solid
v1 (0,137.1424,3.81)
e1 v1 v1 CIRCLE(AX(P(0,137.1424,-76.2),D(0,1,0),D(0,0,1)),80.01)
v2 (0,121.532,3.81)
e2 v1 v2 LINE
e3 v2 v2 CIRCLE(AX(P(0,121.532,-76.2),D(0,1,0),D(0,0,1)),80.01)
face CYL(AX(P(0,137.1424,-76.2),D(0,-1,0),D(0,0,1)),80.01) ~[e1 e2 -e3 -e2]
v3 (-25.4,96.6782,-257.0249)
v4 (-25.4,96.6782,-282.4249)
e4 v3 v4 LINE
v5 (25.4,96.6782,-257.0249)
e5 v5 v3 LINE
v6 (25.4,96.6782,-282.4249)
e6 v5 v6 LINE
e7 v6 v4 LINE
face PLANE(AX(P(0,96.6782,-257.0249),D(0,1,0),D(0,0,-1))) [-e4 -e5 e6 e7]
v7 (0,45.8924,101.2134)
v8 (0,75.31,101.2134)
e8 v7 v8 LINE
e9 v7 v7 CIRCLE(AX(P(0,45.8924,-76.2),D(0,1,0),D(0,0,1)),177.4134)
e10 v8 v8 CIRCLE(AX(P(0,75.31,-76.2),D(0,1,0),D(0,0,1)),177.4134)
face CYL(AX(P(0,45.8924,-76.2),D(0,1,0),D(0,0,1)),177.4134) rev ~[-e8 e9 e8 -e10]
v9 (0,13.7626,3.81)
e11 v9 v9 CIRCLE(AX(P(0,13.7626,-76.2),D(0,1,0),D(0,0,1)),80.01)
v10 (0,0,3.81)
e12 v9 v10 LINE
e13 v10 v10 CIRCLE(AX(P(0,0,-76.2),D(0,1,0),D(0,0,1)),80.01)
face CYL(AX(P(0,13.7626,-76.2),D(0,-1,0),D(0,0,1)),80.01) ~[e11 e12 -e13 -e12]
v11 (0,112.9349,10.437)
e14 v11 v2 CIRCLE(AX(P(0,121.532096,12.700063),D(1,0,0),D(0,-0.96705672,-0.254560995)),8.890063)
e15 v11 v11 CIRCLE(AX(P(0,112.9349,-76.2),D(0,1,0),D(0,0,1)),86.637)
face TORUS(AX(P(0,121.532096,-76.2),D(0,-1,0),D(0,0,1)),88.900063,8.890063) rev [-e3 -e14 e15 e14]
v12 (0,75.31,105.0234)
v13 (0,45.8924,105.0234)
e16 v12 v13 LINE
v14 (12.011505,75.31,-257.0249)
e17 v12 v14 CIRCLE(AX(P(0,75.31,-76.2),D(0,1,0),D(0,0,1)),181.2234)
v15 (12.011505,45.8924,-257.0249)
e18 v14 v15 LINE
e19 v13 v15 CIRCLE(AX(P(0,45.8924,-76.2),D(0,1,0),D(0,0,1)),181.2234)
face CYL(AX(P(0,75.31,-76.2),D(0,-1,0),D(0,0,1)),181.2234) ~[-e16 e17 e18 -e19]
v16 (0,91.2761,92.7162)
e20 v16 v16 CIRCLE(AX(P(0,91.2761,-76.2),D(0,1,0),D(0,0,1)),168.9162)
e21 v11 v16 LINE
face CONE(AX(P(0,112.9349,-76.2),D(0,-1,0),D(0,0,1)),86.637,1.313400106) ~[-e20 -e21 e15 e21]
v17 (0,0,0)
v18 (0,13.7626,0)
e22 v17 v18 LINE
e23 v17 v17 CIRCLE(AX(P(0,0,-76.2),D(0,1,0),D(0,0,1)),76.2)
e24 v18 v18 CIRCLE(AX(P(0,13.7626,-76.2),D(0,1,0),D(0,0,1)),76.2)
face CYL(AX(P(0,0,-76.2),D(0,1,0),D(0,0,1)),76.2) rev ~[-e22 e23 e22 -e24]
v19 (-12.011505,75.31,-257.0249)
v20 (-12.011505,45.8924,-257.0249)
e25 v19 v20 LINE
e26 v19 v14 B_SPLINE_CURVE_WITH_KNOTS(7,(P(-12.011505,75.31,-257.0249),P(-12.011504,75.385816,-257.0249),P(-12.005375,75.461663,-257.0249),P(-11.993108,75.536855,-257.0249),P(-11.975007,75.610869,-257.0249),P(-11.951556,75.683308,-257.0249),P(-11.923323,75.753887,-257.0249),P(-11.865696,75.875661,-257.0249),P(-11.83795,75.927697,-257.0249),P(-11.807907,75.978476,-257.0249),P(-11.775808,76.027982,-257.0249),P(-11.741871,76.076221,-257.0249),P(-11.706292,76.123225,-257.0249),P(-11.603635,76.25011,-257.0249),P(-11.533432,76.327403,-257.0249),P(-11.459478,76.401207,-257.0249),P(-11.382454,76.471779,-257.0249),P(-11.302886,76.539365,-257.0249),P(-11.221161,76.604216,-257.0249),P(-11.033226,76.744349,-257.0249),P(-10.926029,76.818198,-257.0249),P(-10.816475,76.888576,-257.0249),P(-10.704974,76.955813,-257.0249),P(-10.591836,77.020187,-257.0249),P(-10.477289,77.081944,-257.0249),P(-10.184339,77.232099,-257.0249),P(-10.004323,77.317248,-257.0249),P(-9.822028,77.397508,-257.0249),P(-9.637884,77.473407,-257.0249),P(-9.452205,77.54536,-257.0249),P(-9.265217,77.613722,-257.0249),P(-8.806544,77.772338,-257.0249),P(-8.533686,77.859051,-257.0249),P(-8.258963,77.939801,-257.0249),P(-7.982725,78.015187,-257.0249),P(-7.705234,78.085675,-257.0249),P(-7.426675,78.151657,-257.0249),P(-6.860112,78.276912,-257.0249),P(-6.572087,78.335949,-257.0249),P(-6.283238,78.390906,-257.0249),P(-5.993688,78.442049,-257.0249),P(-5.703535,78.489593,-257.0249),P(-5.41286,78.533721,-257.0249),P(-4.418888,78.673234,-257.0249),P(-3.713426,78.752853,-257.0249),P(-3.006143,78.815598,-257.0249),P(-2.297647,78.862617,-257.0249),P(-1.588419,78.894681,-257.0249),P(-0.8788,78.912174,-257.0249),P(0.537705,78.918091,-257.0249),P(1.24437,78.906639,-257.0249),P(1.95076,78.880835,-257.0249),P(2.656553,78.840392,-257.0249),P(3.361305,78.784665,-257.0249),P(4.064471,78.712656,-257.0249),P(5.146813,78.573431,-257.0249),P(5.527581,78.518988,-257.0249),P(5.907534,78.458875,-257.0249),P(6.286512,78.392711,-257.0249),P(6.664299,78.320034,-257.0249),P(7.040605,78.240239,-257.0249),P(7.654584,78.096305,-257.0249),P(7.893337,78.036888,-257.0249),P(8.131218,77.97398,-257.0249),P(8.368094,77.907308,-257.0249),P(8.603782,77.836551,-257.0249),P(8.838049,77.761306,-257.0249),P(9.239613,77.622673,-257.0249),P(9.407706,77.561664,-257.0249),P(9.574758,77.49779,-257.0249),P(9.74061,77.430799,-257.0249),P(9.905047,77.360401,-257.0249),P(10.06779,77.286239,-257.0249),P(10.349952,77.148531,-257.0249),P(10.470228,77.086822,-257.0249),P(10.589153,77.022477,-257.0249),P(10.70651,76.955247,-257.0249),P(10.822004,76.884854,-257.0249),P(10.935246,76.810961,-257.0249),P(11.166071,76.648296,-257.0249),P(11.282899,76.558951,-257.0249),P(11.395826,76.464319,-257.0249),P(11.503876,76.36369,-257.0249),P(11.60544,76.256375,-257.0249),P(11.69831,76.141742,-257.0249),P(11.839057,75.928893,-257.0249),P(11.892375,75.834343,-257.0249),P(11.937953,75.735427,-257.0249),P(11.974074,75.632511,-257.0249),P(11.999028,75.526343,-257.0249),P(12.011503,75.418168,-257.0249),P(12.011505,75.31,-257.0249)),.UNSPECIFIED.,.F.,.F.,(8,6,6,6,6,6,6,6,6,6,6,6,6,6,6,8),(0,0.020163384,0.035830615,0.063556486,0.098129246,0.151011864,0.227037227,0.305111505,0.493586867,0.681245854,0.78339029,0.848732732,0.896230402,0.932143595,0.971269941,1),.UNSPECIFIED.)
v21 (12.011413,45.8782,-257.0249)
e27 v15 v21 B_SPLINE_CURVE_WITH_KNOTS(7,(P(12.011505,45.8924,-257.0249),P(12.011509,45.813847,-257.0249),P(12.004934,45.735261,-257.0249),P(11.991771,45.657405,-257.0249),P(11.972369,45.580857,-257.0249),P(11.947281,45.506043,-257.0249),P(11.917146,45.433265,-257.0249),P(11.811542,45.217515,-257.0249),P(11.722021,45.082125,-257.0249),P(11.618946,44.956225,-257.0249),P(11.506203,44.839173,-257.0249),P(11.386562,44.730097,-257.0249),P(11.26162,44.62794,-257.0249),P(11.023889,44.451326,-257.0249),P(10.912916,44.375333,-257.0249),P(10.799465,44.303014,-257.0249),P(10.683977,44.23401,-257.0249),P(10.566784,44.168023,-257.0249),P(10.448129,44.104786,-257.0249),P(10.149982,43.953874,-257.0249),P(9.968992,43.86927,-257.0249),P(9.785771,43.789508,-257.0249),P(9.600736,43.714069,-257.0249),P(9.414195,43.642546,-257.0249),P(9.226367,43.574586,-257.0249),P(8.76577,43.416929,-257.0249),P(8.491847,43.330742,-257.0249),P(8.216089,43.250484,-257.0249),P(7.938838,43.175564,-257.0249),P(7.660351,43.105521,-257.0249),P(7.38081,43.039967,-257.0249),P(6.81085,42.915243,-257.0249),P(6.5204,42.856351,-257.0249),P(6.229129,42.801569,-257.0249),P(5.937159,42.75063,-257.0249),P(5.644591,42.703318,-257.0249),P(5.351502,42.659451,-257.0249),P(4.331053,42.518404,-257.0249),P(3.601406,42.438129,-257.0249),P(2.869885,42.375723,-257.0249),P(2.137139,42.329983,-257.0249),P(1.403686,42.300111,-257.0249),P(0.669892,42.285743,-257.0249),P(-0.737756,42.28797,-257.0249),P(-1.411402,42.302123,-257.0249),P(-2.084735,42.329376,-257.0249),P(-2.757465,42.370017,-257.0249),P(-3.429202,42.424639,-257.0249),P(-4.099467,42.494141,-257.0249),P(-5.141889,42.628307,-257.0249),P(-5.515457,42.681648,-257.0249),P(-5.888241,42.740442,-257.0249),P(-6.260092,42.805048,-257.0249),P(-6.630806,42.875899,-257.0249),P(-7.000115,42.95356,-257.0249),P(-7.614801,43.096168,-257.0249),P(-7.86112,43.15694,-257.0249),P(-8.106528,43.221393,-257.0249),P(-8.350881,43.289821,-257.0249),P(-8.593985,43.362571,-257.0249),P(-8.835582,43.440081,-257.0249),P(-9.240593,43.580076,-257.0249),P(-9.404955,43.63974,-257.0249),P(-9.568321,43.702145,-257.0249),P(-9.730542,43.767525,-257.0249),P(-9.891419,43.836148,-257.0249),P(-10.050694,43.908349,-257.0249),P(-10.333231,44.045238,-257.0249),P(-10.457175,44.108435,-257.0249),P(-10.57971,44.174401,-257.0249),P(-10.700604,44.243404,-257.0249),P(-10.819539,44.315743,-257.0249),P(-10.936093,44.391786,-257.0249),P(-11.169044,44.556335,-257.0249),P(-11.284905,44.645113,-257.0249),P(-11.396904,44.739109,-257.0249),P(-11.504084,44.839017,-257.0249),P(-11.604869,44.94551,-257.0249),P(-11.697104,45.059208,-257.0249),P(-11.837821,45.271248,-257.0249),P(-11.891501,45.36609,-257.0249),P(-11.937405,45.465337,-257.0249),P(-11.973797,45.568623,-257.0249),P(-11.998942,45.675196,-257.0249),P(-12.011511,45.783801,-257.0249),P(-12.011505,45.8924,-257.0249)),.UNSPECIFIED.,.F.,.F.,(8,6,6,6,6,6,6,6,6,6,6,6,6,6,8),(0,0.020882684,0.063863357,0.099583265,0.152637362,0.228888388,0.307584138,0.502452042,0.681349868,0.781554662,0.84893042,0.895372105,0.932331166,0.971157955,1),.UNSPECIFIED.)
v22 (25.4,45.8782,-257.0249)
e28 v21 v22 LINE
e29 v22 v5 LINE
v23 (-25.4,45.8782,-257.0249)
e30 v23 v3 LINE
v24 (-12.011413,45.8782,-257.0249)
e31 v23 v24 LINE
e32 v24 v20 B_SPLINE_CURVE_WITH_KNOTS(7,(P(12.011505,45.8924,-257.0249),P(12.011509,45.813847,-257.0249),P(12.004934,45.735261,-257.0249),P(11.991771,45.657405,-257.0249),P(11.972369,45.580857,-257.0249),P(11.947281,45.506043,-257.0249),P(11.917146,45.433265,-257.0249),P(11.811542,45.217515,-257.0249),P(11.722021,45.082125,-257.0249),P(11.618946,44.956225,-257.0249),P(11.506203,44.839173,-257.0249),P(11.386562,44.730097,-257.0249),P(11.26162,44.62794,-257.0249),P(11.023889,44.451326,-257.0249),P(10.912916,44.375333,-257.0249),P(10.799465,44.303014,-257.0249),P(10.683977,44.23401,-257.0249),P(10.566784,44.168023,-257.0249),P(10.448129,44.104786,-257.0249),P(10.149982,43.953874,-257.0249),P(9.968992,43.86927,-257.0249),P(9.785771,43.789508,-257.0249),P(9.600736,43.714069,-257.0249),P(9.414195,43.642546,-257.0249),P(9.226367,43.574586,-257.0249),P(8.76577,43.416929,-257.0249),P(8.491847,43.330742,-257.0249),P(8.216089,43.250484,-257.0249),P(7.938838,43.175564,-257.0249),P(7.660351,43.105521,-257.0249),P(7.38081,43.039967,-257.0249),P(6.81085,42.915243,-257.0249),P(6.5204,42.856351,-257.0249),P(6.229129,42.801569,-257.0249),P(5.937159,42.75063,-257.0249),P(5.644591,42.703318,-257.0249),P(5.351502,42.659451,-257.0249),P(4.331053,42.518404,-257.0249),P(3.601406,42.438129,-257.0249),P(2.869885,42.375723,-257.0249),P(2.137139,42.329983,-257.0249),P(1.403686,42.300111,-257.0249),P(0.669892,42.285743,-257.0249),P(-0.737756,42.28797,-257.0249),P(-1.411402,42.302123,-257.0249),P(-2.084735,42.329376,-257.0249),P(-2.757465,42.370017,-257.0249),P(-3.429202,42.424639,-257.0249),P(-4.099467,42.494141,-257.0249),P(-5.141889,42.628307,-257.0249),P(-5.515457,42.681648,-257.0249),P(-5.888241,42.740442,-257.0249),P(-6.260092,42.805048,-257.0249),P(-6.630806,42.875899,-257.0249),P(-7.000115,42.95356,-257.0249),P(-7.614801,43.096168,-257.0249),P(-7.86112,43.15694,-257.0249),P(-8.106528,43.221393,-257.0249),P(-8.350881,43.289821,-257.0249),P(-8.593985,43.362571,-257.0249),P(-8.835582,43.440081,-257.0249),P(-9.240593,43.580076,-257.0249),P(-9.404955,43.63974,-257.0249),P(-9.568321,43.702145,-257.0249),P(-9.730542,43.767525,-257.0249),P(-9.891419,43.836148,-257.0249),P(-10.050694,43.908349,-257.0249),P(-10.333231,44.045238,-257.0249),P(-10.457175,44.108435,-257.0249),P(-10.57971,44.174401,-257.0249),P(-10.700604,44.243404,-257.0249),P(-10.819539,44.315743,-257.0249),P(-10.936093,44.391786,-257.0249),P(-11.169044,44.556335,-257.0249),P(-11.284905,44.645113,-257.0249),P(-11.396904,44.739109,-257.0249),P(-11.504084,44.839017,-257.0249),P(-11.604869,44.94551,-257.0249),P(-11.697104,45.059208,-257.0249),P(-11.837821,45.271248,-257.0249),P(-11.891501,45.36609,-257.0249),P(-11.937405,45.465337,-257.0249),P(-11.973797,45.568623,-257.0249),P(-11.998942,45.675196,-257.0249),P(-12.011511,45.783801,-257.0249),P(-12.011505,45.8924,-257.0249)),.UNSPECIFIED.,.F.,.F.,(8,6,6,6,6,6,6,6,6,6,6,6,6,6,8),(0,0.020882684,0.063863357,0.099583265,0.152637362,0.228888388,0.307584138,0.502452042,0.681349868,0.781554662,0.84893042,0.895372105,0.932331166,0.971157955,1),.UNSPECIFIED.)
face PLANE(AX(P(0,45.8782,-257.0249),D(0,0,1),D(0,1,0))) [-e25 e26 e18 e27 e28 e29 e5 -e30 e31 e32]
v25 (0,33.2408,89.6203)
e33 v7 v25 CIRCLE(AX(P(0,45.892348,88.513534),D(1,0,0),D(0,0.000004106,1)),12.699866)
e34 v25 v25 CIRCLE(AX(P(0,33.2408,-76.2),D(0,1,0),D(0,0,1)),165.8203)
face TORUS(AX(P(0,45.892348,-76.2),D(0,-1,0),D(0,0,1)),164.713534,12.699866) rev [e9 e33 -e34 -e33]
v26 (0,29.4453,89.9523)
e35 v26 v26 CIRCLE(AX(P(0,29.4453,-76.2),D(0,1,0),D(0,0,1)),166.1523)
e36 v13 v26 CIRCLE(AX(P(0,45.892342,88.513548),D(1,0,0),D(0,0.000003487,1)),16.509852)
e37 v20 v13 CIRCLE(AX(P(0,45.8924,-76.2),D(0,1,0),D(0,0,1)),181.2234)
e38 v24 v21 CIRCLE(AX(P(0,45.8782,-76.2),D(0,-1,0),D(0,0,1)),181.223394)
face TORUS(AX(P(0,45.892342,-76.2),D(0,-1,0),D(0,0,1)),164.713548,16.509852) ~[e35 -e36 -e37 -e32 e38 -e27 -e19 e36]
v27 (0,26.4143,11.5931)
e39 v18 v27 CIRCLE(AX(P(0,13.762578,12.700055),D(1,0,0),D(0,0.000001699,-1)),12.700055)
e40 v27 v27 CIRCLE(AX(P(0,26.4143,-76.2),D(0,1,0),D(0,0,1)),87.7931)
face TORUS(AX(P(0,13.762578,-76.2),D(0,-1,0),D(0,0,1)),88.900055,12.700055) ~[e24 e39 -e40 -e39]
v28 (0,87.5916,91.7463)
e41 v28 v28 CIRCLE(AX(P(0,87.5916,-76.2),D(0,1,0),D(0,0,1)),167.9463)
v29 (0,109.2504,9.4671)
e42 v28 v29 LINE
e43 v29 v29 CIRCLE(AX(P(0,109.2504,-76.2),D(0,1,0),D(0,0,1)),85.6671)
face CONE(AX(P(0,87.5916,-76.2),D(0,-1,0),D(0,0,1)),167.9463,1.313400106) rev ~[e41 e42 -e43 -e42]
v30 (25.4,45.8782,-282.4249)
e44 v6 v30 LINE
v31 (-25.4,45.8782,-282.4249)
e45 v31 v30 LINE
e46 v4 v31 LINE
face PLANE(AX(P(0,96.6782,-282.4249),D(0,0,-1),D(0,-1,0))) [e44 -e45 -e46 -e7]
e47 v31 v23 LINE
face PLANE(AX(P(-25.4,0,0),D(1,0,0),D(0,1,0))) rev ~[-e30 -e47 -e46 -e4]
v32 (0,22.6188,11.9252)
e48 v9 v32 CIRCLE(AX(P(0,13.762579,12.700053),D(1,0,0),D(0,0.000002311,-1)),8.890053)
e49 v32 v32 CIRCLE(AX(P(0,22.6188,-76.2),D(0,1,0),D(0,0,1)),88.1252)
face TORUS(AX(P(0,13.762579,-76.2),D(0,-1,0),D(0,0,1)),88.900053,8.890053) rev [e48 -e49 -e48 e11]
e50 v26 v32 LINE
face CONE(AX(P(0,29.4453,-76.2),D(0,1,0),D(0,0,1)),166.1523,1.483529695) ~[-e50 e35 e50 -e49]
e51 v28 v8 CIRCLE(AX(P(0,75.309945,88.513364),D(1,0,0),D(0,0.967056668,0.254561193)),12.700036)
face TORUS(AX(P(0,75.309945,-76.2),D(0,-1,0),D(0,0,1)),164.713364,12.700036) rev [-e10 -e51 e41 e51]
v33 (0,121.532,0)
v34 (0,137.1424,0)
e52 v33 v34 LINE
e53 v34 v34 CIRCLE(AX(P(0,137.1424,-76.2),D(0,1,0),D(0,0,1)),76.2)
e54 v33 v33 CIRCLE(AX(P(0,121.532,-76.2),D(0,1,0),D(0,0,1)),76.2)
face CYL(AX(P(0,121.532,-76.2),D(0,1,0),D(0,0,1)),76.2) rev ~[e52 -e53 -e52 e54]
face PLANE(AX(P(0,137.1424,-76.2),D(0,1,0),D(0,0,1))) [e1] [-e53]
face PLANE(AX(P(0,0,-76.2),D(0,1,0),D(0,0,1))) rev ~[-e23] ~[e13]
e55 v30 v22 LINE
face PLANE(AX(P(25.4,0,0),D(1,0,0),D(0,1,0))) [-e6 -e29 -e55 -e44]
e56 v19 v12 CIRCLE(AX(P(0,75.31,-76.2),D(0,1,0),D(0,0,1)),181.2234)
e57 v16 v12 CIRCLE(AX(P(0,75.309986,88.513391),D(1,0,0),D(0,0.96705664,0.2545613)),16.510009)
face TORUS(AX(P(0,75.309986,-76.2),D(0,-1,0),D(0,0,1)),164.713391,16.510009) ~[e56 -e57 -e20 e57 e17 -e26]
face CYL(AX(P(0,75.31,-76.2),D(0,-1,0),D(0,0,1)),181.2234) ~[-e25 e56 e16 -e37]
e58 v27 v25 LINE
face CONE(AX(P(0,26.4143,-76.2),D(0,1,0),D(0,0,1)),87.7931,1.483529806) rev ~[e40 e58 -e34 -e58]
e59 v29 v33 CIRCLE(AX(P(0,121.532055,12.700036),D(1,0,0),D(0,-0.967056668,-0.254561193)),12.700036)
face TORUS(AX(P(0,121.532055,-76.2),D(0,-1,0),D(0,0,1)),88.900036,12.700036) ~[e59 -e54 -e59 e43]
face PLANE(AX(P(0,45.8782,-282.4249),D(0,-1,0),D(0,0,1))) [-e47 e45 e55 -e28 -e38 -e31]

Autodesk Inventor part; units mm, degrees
ref_plane "YZ Plane" through (0, 0, 0) normal (1, 0, 0) x (0, 1, 0)
ref_plane "XZ Plane" through (0, 0, 0) normal (0, 1, 0) x (-1, 0, 0)
ref_plane "XY Plane" through (0, 0, 0) normal (0, 0, 1) x (1, 0, 0)
sketch "Sketch1" plane through (0, 0, 0) normal (1, 0, 0) x (0, 1, 0)
  line L0 (0, 0) -> (13.7626, 0)
  line L1 (26.4143, 11.5931) -> (33.2408, 89.6203)
  line L2 (45.8924, 101.2134) -> (75.31, 101.2134)
  arc A0 (45.8924, 101.2134) -> (33.2408, 89.6203) centre (45.8924, 88.5134) ccw
  arc A1 (87.5916, 91.7463) -> (75.31, 101.2134) centre (75.31, 88.5134) ccw
  arc A2 (13.7626, 0) -> (26.4143, 11.5931) centre (13.7626, 12.7) ccw
  line L3 (87.5916, 91.7463) -> (109.2504, 9.4671)
  line L4 (121.532, 0) -> (137.1424, 0)
  arc A3 (109.2504, 9.4671) -> (121.532, 0) centre (121.532, 12.7) ccw
  line L5 (137.1424, 3.81) -> (121.532, 3.81)
  arc A4 (112.9349, 10.437) -> (121.532, 3.81) centre (121.532, 12.7) ccw
  line L6 (112.9349, 10.437) -> (91.2761, 92.7162)
  arc A5 (91.2761, 92.7162) -> (75.31, 105.0234) centre (75.31, 88.5134) ccw
  line L7 (75.31, 105.0234) -> (45.8924, 105.0234)
  arc A6 (45.8924, 105.0234) -> (29.4453, 89.9523) centre (45.8924, 88.5134) ccw
  line L8 (29.4453, 89.9523) -> (22.6188, 11.9252)
  arc A7 (13.7626, 3.81) -> (22.6188, 11.9252) centre (13.7626, 12.7) ccw
  line L9 (13.7626, 3.81) -> (0, 3.81)
  line L10 (137.1424, 3.81) -> (137.1424, 0)
  line L11 (0, 3.81) -> (0, 0)
  line L12 (9.8653, -76.2) -> (185.5635, -76.2) construction
  point P0 (25.4, 0)
  point P1 (34.255, 101.2134)
  point P2 (85.055, 101.2134)
  point P3 (111.7424, 0)
  dimension "d0" = 25.4
  dimension "d1" = 101.6
  dimension "d2" = 95
  dimension "d3" = 50.8
  dimension "d4" = 95
  dimension "d7" = 12.7
  dimension "d9" = 25.4
  dimension "d10" = 12.7
  dimension "d11" = 3.81
  dimension "d12" = 76.2
revolve "Revolution1" add sketch "Sketch1" angle 360 about axis through (0, 9.8653, -76.2) along (0, 1, 0)
sketch "Sketch3" plane through (0, 0, 0) normal (1, 0, 0) x (0, 1, 0)
  line L0 (45.8782, -257.0249) -> (96.6782, -257.0249)
  line L1 (96.6782, -257.0249) -> (96.6782, -282.4249)
  line L2 (96.6782, -282.4249) -> (45.8782, -282.4249)
  line L3 (45.8782, -282.4249) -> (45.8782, -257.0249)
  point P0 (0, 0)
  dimension "d14" = 50.8
  dimension "d15" = 25.4
extrude "Extrusion1" add sketch "Sketch3" along normal mid plane 50.8
properties part number "inlineFan" material "Nickel-Copper Alloy 400"
